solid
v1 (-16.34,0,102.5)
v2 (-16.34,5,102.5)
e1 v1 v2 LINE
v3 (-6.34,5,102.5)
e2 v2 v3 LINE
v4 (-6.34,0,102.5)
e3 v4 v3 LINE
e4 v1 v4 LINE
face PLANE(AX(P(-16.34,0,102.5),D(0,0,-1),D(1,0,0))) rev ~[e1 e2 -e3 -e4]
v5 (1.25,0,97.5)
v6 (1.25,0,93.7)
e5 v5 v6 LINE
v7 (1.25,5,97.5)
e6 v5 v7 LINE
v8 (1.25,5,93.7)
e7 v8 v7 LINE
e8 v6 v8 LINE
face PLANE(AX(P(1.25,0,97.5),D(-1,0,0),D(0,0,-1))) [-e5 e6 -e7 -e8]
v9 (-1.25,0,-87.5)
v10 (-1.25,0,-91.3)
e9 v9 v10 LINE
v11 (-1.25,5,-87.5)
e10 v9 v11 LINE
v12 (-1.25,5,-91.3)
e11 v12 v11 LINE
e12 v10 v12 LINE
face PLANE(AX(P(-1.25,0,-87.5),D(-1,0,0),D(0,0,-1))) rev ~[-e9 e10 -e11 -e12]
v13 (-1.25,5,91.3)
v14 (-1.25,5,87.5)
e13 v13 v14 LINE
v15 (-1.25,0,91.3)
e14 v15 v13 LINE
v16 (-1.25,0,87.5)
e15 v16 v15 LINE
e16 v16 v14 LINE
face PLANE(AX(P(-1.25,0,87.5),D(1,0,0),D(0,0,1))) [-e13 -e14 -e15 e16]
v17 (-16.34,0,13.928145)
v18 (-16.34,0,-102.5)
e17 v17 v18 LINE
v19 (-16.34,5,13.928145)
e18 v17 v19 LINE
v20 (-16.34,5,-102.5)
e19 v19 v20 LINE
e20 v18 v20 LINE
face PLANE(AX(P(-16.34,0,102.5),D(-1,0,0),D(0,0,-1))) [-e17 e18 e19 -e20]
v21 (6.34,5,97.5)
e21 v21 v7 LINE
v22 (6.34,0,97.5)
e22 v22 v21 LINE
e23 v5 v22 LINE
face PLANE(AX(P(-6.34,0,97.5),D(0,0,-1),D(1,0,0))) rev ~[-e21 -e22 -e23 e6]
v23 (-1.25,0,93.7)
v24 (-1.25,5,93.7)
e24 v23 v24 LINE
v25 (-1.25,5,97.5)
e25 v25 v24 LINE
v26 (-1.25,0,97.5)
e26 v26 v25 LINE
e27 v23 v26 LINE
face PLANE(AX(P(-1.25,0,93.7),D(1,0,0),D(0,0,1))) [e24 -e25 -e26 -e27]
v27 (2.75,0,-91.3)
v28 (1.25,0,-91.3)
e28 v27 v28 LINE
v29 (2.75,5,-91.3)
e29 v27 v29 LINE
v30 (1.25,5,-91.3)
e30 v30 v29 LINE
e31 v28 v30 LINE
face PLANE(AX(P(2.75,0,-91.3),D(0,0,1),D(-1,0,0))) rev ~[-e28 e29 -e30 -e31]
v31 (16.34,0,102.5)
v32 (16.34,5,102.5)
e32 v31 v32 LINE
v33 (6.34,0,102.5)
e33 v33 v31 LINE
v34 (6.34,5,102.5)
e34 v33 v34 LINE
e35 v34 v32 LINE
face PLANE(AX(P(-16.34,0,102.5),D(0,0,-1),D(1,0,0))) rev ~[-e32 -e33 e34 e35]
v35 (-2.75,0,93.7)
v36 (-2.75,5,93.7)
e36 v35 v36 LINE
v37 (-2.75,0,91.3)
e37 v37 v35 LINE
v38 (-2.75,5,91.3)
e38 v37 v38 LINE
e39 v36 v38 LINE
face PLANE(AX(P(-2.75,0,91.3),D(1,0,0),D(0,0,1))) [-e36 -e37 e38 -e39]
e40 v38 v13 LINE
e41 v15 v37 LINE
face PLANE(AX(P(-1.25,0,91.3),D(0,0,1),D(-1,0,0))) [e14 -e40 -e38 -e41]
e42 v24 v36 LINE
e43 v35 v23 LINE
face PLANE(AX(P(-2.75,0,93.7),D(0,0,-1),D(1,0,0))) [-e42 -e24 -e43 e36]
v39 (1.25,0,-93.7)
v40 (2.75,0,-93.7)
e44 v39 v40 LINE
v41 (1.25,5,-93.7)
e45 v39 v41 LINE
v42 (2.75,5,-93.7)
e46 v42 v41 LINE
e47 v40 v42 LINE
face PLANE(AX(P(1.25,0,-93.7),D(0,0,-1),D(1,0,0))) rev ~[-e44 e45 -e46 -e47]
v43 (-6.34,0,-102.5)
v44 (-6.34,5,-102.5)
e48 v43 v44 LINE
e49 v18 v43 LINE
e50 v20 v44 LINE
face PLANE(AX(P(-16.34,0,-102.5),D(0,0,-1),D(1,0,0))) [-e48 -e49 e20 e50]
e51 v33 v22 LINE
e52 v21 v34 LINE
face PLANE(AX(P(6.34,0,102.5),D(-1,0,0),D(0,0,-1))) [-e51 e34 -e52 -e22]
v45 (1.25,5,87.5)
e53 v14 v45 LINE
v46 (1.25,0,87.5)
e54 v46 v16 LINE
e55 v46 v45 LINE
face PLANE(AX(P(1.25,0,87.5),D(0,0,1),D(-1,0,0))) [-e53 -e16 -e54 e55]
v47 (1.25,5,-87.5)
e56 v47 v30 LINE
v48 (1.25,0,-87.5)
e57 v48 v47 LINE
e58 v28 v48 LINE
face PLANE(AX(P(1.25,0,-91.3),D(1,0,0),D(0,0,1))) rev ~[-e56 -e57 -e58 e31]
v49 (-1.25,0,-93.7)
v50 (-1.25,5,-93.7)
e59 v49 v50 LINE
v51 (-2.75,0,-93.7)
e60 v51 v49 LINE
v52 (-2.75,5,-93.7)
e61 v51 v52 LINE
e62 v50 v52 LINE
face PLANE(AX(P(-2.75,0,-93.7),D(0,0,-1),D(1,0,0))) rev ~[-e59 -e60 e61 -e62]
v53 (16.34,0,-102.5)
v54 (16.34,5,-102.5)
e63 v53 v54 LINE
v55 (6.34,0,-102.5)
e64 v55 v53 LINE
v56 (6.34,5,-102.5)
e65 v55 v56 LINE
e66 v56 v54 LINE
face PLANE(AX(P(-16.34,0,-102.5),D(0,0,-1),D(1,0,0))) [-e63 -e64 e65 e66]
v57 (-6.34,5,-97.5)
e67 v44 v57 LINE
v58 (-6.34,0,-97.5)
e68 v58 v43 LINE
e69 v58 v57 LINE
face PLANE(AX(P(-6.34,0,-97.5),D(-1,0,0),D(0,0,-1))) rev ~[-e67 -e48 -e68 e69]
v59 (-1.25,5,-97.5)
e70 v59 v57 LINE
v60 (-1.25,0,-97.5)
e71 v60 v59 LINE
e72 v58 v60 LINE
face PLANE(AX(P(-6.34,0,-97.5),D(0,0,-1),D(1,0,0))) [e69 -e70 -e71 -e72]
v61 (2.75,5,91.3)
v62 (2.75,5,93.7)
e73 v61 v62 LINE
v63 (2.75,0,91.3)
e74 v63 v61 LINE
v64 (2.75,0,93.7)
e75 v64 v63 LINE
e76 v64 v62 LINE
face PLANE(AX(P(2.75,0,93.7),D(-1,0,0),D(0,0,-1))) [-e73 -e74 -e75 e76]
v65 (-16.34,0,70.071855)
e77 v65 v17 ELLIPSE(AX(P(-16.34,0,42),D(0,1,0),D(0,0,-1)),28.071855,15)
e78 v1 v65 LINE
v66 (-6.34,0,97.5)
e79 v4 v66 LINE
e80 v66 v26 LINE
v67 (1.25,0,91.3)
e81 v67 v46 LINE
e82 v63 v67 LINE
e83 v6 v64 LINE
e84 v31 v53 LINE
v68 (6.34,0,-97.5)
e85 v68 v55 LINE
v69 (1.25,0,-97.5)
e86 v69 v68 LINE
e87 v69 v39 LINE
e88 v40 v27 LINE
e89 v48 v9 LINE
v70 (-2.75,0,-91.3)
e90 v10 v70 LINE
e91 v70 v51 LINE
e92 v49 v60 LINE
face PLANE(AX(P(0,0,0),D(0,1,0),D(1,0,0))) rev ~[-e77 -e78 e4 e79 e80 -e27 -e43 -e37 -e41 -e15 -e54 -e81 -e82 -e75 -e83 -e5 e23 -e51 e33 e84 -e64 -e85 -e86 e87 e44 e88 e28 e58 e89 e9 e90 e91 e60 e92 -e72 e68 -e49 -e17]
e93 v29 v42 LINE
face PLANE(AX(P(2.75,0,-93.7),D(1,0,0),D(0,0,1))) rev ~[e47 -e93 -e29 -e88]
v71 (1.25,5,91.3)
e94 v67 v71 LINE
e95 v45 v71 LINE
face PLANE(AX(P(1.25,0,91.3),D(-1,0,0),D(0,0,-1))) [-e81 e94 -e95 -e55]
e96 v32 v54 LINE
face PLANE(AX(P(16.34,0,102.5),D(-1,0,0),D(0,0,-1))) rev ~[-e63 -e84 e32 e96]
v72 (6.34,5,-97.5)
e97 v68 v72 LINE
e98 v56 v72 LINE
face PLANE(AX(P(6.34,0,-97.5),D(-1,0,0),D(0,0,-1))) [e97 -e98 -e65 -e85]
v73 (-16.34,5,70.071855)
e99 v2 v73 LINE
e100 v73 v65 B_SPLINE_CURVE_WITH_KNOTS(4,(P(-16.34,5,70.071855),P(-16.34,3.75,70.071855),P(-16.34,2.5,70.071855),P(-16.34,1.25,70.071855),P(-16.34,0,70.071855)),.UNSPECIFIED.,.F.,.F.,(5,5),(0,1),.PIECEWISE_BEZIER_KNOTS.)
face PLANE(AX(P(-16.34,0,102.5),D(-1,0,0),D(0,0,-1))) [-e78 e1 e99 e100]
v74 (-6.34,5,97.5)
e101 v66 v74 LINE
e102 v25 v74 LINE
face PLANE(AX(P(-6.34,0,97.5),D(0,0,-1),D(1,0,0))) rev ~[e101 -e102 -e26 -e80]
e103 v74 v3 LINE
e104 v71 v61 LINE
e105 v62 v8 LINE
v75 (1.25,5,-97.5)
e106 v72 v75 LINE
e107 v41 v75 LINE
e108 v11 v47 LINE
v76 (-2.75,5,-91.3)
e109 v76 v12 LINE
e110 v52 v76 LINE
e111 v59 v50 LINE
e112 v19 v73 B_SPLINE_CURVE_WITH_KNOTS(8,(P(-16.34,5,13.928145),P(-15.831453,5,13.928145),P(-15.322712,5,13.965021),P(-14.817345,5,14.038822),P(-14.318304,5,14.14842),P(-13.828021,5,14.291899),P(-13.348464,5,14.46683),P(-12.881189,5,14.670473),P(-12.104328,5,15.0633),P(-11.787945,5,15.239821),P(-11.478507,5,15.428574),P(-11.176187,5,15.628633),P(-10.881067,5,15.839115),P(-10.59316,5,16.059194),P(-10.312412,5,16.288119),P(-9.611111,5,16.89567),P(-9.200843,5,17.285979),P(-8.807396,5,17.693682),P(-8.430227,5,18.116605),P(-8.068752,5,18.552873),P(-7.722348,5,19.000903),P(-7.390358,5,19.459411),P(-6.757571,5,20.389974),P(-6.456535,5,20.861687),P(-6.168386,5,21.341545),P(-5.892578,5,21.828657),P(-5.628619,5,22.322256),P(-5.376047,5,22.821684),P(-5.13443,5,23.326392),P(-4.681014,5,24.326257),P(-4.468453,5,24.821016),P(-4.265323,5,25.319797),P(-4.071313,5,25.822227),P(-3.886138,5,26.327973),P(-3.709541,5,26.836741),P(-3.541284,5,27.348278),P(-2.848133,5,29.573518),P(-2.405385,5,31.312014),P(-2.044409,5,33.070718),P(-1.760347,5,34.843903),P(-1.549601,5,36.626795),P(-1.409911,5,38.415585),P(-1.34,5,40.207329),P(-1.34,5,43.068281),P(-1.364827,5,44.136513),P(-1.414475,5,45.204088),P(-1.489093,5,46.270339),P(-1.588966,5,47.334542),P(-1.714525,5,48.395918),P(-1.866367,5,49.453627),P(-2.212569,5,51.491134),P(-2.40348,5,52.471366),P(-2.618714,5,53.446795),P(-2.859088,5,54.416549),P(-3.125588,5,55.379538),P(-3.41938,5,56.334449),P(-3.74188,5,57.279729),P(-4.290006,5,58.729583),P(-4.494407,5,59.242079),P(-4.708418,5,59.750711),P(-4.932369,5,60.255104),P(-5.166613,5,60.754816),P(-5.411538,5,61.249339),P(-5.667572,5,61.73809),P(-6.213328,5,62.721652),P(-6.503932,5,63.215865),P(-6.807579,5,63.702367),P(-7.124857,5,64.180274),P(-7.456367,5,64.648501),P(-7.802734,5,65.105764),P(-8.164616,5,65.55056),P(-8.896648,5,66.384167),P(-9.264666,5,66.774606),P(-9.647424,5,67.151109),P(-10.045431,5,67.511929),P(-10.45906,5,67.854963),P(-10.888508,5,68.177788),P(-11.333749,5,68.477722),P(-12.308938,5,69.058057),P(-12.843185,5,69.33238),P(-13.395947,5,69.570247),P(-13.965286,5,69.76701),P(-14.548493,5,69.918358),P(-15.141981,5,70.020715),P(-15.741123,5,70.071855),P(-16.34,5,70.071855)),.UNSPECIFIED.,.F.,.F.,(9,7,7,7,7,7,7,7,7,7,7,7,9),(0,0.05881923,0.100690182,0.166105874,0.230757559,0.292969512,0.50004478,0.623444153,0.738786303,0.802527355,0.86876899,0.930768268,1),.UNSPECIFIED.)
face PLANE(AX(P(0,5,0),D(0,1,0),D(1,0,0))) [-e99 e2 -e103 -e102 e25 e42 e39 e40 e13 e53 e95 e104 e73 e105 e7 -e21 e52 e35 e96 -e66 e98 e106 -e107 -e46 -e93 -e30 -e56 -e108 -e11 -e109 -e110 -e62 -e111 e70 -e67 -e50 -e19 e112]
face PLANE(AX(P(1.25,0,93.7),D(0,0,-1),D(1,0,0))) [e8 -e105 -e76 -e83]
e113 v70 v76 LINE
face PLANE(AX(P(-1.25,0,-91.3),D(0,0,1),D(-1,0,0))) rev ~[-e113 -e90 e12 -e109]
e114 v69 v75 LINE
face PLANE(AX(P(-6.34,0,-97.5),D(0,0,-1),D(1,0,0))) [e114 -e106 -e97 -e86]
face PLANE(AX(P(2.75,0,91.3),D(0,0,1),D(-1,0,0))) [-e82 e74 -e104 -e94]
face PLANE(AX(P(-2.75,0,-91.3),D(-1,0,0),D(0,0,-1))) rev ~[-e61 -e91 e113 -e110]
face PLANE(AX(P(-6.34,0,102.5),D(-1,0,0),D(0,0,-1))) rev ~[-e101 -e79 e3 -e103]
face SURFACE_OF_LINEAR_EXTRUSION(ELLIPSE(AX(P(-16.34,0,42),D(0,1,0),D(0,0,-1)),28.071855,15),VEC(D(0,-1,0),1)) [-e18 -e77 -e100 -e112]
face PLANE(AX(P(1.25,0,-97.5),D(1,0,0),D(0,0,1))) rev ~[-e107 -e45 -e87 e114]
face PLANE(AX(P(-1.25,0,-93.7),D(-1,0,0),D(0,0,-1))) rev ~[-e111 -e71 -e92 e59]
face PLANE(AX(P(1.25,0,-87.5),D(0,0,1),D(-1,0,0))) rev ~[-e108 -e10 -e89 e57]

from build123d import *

# Parameters (mm, degrees)
SCHIZZO1_W                   = 32.68
SCHIZZO1_H                   = 205
ESTRUSIONE_ESTRUSIONE1_DEPTH = 5
SCHIZZO3_W                   = 12.68
SCHIZZO3_H                   = 5
TAGLIO_ESTRUSIONE1_DEPTH     = 6
TAGLIO_ESTRUSIONE2_DEPTH     = 6
SCHIZZO5_RX                  = 28.071854537
SCHIZZO5_RY                  = 15
TAGLIO_ESTRUSIONE3_DEPTH     = 6


with BuildPart() as part:
    # Schizzo1 → Estrusione-Estrusione1 (new body)
    with BuildSketch(Plane(origin=(0, 0, 0), x_dir=(1, 0, 0), z_dir=(0, 1, 0))):
        Rectangle(SCHIZZO1_W, SCHIZZO1_H)
    extrude(amount=ESTRUSIONE_ESTRUSIONE1_DEPTH)

    # Schizzo3 → Taglio-Estrusione1 (cut, through all)
    with BuildSketch(Plane(origin=(0, 0, 0), x_dir=(1, 0, 0), z_dir=(0, 1, 0))):
        with Locations((0, 100)):
            Rectangle(SCHIZZO3_W, SCHIZZO3_H)
        with Locations((0, -100)):
            Rectangle(SCHIZZO3_W, SCHIZZO3_H)
    extrude(amount=TAGLIO_ESTRUSIONE1_DEPTH, mode=Mode.SUBTRACT)

    # Schizzo4 → Taglio-Estrusione2 (cut, through all)
    with BuildSketch(Plane(origin=(0, 0, 0), x_dir=(1, 0, 0), z_dir=(0, 1, 0))):
        Polygon((-1.25, 87.5), (-1.25, 91.3), (-2.75, 91.3), (-2.75, 93.7), (-1.25, 93.7), (-1.25, 97.5), (1.25, 97.5), (1.25, 93.7), (2.75, 93.7), (2.75, 91.3), (1.25, 91.3), (1.25, 87.5), align=None)
        Polygon((2.75, -91.3), (1.25, -91.3), (1.25, -87.5), (-1.25, -87.5), (-1.25, -91.3), (-2.75, -91.3), (-2.75, -93.7), (-1.25, -93.7), (-1.25, -97.5), (1.25, -97.5), (1.25, -93.7), (2.75, -93.7), align=None)
    extrude(amount=TAGLIO_ESTRUSIONE2_DEPTH, mode=Mode.SUBTRACT)

    # Schizzo5 → Taglio-Estrusione3 (cut, through all)
    with BuildSketch(Plane(origin=(0, 0, 0), x_dir=(1, 0, 0), z_dir=(0, 1, 0))):
        with Locations(Location((-16.34, -42), (0, 0, 90))):
            Ellipse(SCHIZZO5_RX, SCHIZZO5_RY)
    extrude(amount=TAGLIO_ESTRUSIONE3_DEPTH, mode=Mode.SUBTRACT)


solid = part.part
